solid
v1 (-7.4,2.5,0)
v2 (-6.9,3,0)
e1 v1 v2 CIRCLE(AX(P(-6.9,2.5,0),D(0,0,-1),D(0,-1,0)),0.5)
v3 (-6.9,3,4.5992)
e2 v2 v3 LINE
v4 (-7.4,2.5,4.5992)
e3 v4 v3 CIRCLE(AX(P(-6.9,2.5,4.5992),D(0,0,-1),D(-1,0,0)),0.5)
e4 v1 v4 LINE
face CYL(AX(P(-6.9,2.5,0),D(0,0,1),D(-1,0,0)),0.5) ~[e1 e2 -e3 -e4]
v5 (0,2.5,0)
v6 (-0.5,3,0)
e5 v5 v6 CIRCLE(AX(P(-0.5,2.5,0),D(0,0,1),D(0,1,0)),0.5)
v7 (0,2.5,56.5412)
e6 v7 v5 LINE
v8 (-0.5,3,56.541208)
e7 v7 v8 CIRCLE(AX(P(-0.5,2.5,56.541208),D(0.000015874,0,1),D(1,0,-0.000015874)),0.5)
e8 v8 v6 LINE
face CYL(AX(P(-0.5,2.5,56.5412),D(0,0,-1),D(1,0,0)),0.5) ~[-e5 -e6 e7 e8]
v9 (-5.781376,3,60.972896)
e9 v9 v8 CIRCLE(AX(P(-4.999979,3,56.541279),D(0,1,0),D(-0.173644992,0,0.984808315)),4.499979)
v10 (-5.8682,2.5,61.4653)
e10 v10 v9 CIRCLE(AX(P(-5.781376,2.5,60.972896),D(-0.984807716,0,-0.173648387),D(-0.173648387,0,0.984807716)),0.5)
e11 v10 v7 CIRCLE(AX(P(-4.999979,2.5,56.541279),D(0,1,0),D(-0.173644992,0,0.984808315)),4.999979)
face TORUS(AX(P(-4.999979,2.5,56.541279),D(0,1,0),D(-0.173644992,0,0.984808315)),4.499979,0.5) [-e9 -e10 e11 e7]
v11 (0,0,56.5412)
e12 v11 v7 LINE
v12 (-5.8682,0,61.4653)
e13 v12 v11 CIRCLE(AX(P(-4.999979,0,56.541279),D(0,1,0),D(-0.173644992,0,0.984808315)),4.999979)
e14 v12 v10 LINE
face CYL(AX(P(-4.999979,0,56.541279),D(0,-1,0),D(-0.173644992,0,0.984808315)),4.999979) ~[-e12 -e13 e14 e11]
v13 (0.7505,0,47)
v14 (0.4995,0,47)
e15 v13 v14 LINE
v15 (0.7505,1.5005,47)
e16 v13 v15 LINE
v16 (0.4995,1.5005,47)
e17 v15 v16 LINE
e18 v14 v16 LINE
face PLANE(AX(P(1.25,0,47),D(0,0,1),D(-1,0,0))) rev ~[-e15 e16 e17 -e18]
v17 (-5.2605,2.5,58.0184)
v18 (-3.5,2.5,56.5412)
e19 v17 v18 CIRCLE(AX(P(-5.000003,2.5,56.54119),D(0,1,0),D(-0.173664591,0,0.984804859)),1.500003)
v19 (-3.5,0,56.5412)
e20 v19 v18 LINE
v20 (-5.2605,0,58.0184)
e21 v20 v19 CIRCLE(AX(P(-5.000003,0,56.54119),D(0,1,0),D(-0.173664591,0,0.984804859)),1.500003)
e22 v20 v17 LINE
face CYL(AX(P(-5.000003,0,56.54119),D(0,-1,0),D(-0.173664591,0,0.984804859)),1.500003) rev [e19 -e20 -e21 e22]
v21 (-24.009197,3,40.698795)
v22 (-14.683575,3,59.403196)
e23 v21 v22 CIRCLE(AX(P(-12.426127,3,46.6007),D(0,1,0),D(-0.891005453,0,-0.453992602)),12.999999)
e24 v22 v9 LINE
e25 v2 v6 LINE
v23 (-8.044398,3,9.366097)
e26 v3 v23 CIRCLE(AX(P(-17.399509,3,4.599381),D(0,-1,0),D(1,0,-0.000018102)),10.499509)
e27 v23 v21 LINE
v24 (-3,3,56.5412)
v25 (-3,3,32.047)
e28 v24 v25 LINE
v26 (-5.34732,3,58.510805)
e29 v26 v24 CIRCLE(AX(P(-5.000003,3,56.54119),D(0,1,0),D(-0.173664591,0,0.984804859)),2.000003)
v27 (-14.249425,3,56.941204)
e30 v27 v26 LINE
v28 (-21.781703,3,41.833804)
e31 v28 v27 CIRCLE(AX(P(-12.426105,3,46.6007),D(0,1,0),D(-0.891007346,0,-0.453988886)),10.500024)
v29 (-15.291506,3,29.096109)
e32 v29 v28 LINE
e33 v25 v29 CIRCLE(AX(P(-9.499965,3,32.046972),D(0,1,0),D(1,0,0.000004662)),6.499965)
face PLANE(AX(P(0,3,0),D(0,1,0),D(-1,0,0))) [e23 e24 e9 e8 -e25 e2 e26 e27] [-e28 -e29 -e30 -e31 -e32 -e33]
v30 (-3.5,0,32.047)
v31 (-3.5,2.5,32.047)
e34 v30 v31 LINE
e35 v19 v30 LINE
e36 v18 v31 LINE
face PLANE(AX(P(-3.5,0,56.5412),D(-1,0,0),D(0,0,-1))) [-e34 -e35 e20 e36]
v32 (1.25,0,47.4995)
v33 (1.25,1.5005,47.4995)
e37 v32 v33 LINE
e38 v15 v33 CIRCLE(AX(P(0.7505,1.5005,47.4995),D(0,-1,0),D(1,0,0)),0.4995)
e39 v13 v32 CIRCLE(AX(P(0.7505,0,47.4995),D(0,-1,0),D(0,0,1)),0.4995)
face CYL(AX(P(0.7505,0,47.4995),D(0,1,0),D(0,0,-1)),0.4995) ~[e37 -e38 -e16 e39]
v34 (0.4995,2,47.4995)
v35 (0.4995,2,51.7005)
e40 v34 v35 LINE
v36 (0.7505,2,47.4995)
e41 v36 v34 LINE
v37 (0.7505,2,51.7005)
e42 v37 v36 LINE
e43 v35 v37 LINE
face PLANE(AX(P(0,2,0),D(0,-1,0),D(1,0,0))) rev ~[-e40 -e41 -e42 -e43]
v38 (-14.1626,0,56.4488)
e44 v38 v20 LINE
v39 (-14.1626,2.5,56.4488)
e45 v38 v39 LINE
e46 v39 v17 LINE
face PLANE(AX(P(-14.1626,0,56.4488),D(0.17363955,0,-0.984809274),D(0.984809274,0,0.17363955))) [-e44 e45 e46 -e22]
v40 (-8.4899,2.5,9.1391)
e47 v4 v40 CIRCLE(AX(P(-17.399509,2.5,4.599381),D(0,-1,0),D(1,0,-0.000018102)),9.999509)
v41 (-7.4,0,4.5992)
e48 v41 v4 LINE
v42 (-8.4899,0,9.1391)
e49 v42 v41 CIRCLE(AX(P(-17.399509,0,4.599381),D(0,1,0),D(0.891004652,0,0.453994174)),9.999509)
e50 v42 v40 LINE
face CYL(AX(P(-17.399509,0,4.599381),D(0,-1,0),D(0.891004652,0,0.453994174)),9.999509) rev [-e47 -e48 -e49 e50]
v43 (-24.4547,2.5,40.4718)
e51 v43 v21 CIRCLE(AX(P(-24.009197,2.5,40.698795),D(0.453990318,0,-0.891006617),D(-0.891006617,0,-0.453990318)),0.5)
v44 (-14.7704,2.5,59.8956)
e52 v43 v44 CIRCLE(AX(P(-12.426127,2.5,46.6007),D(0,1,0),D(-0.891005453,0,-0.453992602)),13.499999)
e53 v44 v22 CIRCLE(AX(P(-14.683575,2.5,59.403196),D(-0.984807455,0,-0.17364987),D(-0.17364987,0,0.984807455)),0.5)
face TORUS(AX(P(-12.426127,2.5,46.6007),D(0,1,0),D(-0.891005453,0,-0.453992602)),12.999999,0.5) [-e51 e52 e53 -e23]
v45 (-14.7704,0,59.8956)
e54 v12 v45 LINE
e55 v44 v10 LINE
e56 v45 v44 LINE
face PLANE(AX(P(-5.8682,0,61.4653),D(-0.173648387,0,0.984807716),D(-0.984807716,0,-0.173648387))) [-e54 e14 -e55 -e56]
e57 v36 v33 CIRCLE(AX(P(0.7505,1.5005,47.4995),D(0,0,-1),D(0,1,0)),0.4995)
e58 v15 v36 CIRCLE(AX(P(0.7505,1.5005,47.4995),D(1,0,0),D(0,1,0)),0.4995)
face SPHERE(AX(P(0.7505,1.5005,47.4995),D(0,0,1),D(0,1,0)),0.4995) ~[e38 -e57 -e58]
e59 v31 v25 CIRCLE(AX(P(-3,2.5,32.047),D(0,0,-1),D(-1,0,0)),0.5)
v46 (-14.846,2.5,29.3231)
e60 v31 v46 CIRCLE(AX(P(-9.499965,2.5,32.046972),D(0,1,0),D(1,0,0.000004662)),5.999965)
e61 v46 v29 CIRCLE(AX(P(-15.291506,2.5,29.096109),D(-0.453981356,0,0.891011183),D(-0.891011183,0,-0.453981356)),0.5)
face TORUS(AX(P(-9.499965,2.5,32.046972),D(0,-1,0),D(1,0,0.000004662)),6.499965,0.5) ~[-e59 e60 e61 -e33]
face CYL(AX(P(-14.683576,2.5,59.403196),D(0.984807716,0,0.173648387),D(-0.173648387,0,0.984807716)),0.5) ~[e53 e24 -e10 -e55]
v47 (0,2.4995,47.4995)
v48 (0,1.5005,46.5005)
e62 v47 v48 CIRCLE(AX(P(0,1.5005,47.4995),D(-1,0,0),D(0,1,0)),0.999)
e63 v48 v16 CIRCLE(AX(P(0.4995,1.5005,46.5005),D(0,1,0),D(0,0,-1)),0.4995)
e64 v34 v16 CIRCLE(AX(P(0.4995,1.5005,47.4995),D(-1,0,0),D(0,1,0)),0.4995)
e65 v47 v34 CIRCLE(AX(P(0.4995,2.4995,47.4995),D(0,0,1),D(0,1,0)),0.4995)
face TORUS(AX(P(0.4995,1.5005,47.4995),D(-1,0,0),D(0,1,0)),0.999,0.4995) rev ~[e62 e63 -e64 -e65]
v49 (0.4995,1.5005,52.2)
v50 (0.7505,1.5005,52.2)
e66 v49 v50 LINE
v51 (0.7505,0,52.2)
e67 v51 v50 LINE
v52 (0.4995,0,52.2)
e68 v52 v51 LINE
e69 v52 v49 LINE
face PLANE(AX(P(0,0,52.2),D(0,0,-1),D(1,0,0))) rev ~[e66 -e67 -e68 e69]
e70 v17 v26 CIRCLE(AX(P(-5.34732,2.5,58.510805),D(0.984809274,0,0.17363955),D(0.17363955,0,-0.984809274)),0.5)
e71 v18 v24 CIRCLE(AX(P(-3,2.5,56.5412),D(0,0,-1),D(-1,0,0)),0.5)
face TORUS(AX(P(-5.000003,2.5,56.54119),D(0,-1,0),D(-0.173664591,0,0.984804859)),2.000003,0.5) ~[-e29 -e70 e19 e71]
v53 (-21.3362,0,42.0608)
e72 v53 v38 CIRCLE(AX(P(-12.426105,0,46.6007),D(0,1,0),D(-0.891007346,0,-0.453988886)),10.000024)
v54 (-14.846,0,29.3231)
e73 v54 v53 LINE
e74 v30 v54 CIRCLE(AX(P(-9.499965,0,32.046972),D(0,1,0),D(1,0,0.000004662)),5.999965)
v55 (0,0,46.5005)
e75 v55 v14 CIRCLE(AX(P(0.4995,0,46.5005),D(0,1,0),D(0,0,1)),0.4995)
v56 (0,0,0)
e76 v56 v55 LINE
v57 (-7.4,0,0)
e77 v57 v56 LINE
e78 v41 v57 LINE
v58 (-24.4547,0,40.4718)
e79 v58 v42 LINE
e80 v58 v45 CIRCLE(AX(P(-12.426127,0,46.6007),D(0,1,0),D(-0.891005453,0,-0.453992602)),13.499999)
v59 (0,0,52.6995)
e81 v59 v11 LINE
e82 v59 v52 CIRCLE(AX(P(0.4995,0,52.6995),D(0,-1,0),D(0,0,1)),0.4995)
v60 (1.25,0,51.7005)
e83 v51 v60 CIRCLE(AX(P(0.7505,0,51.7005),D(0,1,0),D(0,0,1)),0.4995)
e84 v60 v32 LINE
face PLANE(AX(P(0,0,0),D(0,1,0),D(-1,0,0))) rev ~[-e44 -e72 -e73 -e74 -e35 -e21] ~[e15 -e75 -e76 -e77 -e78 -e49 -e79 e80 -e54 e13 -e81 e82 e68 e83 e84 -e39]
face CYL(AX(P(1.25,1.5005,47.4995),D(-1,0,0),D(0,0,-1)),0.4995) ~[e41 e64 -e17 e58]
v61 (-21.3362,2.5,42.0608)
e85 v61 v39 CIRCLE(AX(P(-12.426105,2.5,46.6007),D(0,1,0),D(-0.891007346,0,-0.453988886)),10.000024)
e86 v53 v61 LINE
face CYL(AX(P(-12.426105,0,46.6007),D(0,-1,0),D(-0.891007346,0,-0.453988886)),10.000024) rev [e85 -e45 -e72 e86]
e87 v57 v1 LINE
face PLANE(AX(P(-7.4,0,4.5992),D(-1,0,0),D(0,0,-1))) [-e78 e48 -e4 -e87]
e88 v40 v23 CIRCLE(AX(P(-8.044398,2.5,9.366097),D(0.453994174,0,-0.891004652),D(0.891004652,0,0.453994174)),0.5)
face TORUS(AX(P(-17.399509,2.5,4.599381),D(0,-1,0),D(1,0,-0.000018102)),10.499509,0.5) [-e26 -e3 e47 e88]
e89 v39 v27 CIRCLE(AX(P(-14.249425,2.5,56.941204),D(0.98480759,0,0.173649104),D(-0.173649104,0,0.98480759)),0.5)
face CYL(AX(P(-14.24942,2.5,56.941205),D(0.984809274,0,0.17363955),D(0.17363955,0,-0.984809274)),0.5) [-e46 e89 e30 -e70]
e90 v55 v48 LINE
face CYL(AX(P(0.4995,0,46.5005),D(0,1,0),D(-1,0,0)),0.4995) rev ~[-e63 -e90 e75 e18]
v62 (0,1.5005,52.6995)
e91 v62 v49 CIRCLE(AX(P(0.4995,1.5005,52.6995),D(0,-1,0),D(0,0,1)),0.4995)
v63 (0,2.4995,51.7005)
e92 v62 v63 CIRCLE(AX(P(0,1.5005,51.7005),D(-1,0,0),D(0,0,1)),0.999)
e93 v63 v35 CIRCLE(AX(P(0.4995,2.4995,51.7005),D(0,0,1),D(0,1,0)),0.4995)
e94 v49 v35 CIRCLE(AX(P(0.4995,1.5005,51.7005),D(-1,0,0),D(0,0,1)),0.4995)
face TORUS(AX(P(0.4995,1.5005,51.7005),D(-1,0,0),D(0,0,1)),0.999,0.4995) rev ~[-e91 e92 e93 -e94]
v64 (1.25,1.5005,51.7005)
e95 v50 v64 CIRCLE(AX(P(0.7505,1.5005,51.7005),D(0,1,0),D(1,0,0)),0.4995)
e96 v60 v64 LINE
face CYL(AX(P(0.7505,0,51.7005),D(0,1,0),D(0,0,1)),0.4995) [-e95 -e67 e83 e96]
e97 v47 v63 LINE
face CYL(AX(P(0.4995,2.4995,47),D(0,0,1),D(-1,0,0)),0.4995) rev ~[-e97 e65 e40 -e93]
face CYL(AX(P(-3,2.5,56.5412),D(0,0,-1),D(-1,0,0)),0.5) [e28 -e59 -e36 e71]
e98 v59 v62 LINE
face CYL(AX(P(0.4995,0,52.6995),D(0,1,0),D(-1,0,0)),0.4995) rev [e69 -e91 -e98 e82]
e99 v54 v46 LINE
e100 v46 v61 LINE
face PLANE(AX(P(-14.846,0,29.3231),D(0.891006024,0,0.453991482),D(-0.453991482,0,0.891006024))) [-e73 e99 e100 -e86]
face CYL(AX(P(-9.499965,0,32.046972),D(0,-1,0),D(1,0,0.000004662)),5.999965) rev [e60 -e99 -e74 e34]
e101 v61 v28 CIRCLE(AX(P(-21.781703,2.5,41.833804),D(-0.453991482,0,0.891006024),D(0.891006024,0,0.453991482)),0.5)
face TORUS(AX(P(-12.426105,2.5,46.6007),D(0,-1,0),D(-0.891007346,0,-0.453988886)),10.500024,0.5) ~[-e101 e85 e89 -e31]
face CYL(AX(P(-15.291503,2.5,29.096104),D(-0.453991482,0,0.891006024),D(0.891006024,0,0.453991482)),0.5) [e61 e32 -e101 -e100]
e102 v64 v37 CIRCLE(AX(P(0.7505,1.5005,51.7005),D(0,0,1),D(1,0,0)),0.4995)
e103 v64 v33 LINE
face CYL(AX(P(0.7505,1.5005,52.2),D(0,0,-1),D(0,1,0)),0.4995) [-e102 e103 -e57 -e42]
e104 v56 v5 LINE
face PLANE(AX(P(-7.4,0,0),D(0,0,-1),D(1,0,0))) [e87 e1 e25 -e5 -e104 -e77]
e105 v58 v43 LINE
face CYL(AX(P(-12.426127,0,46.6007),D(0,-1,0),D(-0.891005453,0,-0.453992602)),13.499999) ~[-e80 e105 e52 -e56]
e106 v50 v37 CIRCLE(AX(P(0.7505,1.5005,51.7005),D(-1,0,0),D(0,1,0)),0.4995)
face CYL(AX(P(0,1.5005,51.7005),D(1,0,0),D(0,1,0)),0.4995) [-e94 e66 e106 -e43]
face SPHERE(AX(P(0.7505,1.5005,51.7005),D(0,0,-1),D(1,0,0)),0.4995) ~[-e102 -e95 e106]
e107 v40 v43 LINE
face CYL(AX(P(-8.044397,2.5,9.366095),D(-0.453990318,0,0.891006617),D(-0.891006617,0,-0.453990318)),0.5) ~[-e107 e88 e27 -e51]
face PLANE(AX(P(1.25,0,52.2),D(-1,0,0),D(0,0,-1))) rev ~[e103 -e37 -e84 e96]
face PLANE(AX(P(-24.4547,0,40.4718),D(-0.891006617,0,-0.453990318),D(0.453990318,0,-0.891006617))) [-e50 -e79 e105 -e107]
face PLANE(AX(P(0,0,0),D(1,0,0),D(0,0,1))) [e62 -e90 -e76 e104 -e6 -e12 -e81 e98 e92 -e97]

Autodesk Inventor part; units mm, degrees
ref_plane "YZ Plane" through (0, 0, 0) normal (1, 0, 0) x (0, 1, 0)
ref_plane "XZ Plane" through (0, 0, 0) normal (0, 1, 0) x (-1, 0, 0)
ref_plane "XY Plane" through (0, 0, 0) normal (0, 0, 1) x (1, 0, 0)
sketch "Sketch1" plane through (0, 0, 0) normal (0, 1, 0) x (-1, 0, 0)
  line L0 (0, 0) -> (0, 56.5412)
  line L1 (5.8682, 61.4653) -> (14.7704, 59.8956)
  line L2 (24.4547, 40.4718) -> (8.4899, 9.1391)
  line L3 (7.4, 4.5992) -> (7.4, 0)
  line L4 (7.4, 0) -> (0, 0)
  line L5 (3.5, 56.5412) -> (3.5, 32.047)
  line L6 (14.846, 29.3231) -> (21.3362, 42.0608)
  line L7 (14.1626, 56.4488) -> (5.2605, 58.0184)
  arc A0 (3.5, 32.047) -> (14.846, 29.3231) centre (9.5, 32.047) ccw
  arc A1 (5.2605, 58.0184) -> (3.5, 56.5412) centre (5, 56.5412) ccw
  arc A2 (5.8682, 61.4653) -> (0, 56.5412) centre (5, 56.5412) ccw
  arc A3 (21.3362, 42.0608) -> (14.1626, 56.4488) centre (12.4261, 46.6007) ccw
  arc A4 (24.4547, 40.4718) -> (14.7704, 59.8956) centre (12.4261, 46.6007) ccw
  arc A5 (8.4899, 9.1391) -> (7.4, 4.5992) centre (17.4, 4.5992) ccw
  point P0 (0, 62.5)
  point P1 (7.4, 7)
  dimension "d0" = 7.4
  dimension "d5" = 27
  dimension "d6" = 80
  dimension "d7" = 7
  dimension "d8" = 6
  dimension "d9" = 1.5
  dimension "d10" = 62.5
  dimension "d12" = 3.5
  dimension "d13" = 10
  dimension "d15" = 10
extrude "Extrusion1" add sketch "Sketch1" along normal blind 3
fillet "Fillet1" radius 0.5 13 edges at (-3.5, 3, 44.2941) (-4.0358, 3, 57.6903) (-9.7116, 3, 57.2336) (-21.3755, 3, 51.0627) (-18.0911, 3, 35.6919) (-8.0993, 3, 26.2128) (-1.7861, 3, 60.3715) (-10.3193, 3, 60.6804) (-24.5078, 3, 52.6243) (-16.4723, 3, 24.8055) (-7.6763, 3, 6.9337) (-7.4, 3, 2.2996) (0, 3, 28.2706)
sketch "Sketch2" plane through (0, 0, 0) normal (0, -1, 0) x (1, 0, 0)
  line L0 (0, 0) -> (0, 56.5412) projected
  line L1 (-7.4, 0) -> (0, 0) projected
  line L2 (0, 52.2) -> (1.25, 52.2)
  line L3 (1.25, 52.2) -> (1.25, 47)
  line L4 (1.25, 47) -> (0, 47)
  dimension "d19" = 1.25
  dimension "d20" = 5.2
  dimension "d21" = 47
extrude "Extrusion2" add sketch "Sketch2" against normal blind 2
fillet "Fillet2" radius 0.5 8 edges at (1.25, 2, 49.6) (1.25, 1, 52.2) (0.625, 2, 52.2) (0.625, 2, 47) (1.25, 1, 47) (0, 1, 52.2) (0, 2, 49.6) (0, 1, 47)
properties part number "Agarre tijeras (mitad 1)"
